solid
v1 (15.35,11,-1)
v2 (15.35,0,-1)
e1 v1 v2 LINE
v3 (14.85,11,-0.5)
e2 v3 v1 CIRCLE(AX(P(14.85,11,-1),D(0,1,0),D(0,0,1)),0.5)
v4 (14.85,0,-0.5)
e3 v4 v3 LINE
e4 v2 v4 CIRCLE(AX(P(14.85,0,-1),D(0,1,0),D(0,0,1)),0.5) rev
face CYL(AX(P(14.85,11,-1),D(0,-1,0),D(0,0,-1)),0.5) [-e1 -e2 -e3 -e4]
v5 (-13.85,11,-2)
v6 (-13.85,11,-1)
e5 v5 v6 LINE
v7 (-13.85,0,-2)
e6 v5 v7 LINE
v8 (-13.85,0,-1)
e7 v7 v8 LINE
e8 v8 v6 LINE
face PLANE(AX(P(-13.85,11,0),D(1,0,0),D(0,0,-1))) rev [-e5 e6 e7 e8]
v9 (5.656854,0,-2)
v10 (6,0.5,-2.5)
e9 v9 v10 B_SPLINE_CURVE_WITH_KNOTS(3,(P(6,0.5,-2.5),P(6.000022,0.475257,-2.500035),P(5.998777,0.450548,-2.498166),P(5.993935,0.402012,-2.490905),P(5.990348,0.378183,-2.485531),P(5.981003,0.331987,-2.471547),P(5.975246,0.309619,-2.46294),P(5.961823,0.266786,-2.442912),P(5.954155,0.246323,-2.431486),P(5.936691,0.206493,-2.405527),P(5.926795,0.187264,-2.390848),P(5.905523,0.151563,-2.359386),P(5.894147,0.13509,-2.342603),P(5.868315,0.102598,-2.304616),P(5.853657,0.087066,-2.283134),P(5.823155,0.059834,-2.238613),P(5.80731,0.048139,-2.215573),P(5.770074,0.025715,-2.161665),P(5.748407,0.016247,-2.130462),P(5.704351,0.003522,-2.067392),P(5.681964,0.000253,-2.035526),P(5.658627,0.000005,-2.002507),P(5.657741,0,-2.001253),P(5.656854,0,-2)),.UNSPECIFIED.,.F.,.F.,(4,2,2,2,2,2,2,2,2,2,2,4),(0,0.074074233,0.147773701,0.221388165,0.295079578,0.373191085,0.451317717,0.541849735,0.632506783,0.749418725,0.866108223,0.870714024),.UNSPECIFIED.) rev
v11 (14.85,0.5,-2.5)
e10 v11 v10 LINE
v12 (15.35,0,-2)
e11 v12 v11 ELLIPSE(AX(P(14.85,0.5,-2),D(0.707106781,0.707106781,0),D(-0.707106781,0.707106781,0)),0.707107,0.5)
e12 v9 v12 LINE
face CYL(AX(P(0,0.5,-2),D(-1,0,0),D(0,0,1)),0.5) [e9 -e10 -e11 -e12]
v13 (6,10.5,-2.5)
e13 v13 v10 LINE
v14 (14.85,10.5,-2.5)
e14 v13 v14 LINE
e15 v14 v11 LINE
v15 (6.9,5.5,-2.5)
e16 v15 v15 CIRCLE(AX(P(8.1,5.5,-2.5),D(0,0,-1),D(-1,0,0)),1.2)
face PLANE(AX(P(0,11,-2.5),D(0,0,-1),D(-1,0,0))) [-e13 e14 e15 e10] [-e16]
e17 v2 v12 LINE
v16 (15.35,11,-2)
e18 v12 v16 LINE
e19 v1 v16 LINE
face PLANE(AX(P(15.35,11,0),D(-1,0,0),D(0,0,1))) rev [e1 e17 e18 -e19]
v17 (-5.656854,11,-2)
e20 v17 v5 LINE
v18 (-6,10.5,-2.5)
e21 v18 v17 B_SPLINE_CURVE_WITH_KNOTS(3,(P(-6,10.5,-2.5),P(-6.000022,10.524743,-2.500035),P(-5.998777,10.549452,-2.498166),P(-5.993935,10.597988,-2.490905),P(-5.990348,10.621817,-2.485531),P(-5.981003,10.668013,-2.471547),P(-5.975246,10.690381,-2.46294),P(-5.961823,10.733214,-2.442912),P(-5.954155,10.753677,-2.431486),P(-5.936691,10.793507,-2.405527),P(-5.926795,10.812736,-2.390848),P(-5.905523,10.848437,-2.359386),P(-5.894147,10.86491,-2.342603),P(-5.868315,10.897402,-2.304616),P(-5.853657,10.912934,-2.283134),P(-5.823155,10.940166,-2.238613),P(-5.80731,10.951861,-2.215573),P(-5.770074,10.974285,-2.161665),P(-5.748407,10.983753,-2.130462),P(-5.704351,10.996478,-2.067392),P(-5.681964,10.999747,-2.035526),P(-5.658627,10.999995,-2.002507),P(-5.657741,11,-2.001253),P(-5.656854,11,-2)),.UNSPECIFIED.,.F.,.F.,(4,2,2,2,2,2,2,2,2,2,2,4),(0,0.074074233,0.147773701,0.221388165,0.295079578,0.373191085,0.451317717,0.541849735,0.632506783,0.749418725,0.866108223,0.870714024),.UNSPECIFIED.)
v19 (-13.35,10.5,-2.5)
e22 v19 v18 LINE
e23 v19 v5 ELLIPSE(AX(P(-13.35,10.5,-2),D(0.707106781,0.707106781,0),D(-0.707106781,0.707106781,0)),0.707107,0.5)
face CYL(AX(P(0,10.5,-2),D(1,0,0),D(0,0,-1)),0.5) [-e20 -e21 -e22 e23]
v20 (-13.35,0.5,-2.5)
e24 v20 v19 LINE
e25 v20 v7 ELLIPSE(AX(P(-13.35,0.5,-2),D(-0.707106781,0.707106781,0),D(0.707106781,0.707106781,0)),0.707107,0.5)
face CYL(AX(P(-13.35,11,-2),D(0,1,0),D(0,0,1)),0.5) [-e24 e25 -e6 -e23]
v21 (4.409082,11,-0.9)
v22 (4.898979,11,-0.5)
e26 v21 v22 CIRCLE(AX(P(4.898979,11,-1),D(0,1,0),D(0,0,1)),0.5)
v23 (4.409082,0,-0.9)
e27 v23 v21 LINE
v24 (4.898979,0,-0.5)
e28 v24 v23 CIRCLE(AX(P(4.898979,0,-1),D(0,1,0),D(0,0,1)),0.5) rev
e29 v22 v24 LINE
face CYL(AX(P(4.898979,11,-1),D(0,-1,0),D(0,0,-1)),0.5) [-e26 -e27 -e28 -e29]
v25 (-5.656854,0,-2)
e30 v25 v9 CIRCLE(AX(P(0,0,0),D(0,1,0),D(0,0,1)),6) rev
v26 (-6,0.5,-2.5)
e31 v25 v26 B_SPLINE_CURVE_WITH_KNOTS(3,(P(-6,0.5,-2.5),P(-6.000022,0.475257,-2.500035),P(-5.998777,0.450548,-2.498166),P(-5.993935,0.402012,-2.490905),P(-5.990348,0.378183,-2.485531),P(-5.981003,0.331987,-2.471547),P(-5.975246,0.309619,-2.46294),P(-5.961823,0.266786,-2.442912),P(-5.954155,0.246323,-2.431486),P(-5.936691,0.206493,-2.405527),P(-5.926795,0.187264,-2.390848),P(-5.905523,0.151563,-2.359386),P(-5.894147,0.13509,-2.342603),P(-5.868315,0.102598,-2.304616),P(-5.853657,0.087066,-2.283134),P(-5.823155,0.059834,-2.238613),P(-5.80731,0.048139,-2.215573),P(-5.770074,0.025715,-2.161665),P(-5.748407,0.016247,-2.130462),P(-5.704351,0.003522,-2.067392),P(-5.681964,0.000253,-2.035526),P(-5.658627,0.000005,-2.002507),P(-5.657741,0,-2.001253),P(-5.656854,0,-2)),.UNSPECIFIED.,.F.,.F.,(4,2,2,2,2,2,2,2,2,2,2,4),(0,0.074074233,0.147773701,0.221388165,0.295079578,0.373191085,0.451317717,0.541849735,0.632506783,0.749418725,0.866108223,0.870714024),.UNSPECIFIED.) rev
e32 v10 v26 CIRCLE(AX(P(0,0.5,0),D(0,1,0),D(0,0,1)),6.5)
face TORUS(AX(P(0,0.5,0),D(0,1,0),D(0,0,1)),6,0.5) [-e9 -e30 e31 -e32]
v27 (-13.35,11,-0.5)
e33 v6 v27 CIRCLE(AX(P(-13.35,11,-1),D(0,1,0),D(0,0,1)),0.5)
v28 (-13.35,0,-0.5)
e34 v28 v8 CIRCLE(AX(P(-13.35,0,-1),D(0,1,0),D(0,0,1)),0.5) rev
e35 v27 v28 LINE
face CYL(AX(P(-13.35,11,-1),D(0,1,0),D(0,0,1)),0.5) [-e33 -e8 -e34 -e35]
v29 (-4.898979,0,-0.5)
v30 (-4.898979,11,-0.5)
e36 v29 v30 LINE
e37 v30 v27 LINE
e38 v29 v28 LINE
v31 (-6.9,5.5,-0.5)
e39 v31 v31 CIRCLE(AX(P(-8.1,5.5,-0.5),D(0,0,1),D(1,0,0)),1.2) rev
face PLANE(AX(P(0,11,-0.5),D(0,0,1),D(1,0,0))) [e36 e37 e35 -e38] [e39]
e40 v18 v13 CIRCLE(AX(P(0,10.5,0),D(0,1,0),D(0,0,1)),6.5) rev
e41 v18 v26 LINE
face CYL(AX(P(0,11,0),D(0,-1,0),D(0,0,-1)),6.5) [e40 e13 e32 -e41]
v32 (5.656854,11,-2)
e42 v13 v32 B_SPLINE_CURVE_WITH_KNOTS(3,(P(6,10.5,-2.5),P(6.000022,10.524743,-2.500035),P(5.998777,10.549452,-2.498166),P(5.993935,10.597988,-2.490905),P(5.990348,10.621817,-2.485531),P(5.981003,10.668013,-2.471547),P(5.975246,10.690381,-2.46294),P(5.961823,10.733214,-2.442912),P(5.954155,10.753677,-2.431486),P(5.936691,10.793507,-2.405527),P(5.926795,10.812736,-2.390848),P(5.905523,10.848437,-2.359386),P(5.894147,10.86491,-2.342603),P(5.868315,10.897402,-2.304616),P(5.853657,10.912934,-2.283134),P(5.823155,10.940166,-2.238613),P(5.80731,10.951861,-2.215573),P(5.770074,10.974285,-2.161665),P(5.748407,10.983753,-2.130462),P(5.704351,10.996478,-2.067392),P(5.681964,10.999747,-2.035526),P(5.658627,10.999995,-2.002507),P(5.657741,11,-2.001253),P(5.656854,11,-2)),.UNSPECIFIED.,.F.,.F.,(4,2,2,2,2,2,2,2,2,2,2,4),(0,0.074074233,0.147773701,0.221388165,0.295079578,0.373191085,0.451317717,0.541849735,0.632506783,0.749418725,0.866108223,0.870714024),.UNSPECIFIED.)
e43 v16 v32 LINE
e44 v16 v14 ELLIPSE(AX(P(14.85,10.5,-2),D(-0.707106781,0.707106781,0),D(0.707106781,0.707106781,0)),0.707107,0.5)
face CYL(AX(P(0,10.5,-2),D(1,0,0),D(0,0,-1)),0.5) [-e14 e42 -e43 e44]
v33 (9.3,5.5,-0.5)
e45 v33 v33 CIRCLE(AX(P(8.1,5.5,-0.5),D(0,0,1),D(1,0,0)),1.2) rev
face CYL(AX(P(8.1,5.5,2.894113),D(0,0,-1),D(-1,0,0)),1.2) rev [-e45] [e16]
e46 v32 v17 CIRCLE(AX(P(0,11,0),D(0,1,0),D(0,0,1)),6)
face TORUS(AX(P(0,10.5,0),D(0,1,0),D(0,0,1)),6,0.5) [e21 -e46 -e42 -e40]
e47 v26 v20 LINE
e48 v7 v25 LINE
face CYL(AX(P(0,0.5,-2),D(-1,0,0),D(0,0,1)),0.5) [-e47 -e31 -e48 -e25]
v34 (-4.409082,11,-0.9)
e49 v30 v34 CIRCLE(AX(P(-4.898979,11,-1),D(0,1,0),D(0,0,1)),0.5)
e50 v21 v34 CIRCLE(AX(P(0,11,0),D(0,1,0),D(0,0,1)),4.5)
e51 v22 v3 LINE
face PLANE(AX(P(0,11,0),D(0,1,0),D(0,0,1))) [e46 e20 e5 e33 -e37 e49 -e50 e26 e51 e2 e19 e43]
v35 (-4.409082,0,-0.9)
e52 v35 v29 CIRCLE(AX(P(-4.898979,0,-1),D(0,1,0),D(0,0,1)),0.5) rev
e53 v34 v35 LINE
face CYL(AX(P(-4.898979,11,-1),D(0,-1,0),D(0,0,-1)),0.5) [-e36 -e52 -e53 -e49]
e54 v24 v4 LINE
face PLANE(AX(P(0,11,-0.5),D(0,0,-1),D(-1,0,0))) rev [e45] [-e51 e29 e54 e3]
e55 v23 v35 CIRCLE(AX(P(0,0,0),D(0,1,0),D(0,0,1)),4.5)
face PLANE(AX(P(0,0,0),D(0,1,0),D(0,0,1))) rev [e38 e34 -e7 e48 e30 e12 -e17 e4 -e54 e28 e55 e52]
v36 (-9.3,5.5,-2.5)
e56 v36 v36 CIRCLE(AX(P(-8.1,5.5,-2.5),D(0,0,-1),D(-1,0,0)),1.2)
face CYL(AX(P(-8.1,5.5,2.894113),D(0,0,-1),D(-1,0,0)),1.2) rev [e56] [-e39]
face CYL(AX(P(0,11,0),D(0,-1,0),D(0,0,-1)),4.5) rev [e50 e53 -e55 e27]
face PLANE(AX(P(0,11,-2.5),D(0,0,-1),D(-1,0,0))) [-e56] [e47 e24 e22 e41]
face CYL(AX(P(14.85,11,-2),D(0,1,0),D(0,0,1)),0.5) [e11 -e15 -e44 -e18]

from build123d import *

# Parameters (mm, degrees)
BOSS_EXTRUDE1_DEPTH = 11
SKETCH2_R           = 1.2
CUT_EXTRUDE1_DEPTH  = 2
FILLET1_R           = 0.5


with BuildPart() as part:
    # Sketch1 → Boss-Extrude1 (new body)
    with BuildSketch(Plane(origin=(0, 0, 0), x_dir=(1, 0, 0), z_dir=(0, 1, 0))):
        with BuildLine():
            Line((6, 2.5), (15.35, 2.5))
            Line((15.35, 2.5), (15.35, 0.5))
            Line((15.35, 0.5), (6.480740698, 0.5))
            Line((6.480740698, 0.5), (4.472135955, 0.5))
            ThreePointArc((4.472135955, 0.5), (0, 4.5), (-4.472135955, 0.5))
            Line((-4.472135955, 0.5), (-6.480740698, 0.5))
            Line((-6.480740698, 0.5), (-13.85, 0.5))
            Line((-13.85, 0.5), (-13.85, 2.5))
            Line((-13.85, 2.5), (-6, 2.5))
            ThreePointArc((-6, 2.5), (0, 6.5), (6, 2.5))
        make_face()
    extrude(amount=BOSS_EXTRUDE1_DEPTH)

    # Sketch2 → Cut-Extrude1 (cut)
    with BuildSketch(Plane(origin=(0, 0, -2.5), x_dir=(-1, 0, 0), z_dir=(0, 0, -1))):
        with Locations((-8.1, 5.5)):
            Circle(SKETCH2_R)
        with Locations((8.1, 5.5)):
            Circle(SKETCH2_R)
    extrude(amount=-CUT_EXTRUDE1_DEPTH, mode=Mode.SUBTRACT)

    # Fillet1
    fillet1_edges = [part.edges().sort_by_distance(p)[0] for p in [
        (0, 11, -6.5),
        (-9.925, 0, -2.5),
        (0, 0, -6.5),
        (10.675, 0, -2.5),
        (-9.925, 11, -2.5),
        (15.35, 5.5, -2.5),
        (15.35, 5.5, -0.5),
        (4.472135955, 5.5, -0.5),
        (-4.472135955, 5.5, -0.5),
        (-13.85, 5.5, -0.5),
        (-13.85, 5.5, -2.5),
        (10.675, 11, -2.5),
    ]]
    fillet(fillet1_edges, radius=FILLET1_R)


solid = part.part
